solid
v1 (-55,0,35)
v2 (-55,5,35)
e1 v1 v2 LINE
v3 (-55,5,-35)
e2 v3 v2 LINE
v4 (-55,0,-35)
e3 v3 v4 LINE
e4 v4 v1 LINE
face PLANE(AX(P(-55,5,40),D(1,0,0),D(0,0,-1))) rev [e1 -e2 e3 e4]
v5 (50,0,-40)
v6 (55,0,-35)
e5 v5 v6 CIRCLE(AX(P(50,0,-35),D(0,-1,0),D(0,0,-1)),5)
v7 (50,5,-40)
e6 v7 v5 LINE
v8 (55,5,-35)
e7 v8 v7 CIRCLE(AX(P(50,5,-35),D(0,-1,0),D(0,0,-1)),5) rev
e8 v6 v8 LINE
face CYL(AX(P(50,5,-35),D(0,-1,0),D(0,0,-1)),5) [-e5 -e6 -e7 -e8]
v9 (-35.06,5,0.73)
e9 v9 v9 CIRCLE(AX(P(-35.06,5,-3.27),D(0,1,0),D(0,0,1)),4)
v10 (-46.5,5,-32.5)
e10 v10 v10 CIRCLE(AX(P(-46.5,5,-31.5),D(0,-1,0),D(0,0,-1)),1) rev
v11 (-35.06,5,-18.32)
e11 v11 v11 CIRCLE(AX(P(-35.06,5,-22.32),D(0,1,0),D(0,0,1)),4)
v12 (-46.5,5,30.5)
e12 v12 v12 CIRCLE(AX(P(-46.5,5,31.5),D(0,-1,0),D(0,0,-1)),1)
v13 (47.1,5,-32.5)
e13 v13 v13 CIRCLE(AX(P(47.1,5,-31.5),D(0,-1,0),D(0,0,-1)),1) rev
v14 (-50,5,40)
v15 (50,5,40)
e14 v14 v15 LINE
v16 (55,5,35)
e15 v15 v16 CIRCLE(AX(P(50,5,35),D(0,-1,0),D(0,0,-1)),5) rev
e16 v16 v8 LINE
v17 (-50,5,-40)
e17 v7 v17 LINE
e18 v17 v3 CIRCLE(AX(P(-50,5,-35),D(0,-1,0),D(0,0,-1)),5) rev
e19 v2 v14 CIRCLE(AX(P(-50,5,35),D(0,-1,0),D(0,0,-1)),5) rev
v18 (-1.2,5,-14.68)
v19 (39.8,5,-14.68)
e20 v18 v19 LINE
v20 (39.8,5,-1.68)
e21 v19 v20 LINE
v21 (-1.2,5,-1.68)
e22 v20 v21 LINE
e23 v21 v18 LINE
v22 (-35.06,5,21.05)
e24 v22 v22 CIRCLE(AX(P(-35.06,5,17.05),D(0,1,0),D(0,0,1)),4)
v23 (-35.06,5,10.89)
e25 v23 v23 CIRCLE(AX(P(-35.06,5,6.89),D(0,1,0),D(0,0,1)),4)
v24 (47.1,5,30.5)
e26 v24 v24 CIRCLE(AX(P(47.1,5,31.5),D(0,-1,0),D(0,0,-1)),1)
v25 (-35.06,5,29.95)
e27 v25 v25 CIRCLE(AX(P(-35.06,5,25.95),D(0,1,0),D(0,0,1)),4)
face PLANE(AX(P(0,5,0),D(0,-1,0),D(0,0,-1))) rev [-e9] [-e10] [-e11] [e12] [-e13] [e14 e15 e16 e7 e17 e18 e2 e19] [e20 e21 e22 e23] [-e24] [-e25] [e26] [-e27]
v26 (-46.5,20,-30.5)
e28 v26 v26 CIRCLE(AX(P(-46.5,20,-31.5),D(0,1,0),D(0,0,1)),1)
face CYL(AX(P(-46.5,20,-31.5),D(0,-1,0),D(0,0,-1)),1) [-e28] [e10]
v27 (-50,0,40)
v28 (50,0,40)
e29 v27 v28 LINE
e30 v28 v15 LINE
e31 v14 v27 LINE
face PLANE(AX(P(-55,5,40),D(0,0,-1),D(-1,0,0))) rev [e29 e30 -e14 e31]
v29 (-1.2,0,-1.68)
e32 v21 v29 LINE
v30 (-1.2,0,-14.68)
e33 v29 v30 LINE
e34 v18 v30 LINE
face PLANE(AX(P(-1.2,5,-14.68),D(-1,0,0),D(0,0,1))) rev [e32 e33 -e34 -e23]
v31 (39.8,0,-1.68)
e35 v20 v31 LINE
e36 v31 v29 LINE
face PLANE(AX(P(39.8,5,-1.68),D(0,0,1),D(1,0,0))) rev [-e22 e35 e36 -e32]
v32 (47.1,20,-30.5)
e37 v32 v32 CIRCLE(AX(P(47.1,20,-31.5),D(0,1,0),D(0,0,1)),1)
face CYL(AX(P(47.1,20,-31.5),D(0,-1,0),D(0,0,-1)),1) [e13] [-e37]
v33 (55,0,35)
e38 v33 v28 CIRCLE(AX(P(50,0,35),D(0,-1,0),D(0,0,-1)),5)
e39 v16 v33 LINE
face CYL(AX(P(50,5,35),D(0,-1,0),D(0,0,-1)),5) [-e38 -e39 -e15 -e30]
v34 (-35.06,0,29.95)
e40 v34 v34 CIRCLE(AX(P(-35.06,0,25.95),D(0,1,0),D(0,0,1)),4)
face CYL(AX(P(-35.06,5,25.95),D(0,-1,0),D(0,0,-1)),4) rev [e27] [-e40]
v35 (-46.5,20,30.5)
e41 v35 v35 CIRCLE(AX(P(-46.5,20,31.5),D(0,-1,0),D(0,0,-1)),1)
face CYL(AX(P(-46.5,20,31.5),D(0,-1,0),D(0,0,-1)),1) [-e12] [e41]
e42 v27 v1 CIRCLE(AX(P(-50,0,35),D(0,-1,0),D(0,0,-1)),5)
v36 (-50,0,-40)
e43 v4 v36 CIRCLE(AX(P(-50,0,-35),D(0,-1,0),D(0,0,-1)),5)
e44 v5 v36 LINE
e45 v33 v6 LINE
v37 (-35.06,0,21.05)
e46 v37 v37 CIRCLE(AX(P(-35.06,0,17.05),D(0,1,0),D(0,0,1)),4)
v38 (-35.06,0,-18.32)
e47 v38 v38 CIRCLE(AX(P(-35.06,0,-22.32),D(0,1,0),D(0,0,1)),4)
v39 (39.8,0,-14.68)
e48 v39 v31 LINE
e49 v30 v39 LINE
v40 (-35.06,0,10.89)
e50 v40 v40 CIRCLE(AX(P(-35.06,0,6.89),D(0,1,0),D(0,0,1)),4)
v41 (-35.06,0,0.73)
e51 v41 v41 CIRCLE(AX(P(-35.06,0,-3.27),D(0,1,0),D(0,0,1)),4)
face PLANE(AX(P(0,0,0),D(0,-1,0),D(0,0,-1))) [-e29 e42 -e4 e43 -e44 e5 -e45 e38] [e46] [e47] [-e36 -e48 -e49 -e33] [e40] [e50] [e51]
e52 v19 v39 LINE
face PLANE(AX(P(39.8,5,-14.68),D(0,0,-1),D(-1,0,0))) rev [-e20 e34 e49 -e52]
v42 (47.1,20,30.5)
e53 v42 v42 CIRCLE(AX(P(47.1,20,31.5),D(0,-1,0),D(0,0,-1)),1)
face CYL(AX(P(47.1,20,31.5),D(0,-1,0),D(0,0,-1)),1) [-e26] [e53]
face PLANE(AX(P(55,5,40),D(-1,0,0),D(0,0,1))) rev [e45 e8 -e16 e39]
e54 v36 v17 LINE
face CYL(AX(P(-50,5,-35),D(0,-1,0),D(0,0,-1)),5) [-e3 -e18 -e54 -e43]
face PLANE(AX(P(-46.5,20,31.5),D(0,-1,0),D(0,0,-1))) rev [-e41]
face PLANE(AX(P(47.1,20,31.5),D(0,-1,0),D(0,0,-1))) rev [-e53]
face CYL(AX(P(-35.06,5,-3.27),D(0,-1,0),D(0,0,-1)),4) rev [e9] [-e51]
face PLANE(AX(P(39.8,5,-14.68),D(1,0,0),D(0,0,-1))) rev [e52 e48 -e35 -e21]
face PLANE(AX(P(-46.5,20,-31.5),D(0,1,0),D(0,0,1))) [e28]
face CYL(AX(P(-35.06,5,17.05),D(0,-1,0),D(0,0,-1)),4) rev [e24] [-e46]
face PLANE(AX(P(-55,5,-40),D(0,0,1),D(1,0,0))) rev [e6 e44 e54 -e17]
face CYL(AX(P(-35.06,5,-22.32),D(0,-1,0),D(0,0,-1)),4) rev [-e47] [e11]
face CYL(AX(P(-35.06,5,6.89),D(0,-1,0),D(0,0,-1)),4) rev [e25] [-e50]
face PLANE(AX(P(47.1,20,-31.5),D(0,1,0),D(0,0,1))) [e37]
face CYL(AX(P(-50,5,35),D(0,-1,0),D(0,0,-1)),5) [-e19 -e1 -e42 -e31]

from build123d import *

# Parameters (mm, degrees)
SKETCH1_W           = 110
SKETCH1_H           = 80
SKETCH1_R           = 4
BOSS_EXTRUDE1_DEPTH = 5
SKETCH2_R           = 1
BOSS_EXTRUDE2_DEPTH = 15
FILLET1_R           = 5
SKETCH3_W           = 41
SKETCH3_H           = 13
CUT_EXTRUDE2_DEPTH  = 5


with BuildPart() as part:
    # Sketch1 → Boss-Extrude1 (new body)
    with BuildSketch(Plane(origin=(0, 0, 0), x_dir=(1, 0, 0), z_dir=(0, 1, 0))):
        Rectangle(SKETCH1_W, SKETCH1_H)
        with Locations(Location((-35.06, 22.32, 0), (0, 0, 270))):
            Circle(SKETCH1_R, mode=Mode.SUBTRACT)
        with Locations(Location((-35.06, 3.27, 0), (0, 0, 270))):
            Circle(SKETCH1_R, mode=Mode.SUBTRACT)
        with Locations(Location((-35.06, -6.89, 0), (0, 0, 270))):
            Circle(SKETCH1_R, mode=Mode.SUBTRACT)
        with Locations(Location((-35.06, -17.05, 0), (0, 0, 270))):
            Circle(SKETCH1_R, mode=Mode.SUBTRACT)
        with Locations(Location((-35.06, -25.95, 0), (0, 0, 270))):
            Circle(SKETCH1_R, mode=Mode.SUBTRACT)
    extrude(amount=BOSS_EXTRUDE1_DEPTH)

    # Sketch2 → Boss-Extrude2 (add)
    with BuildSketch(Plane(origin=(0, 5, 0), x_dir=(1, 0, 0), z_dir=(0, 1, 0))):
        with Locations(Location((47.1, 31.5, 0), (0, 0, 90))):
            Circle(SKETCH2_R)
        with Locations(Location((47.1, -31.5, 0), (0, 0, 90))):
            Circle(SKETCH2_R)
        with Locations(Location((-46.5, 31.5, 0), (0, 0, 90))):
            Circle(SKETCH2_R)
        with Locations(Location((-46.5, -31.5, 0), (0, 0, 90))):
            Circle(SKETCH2_R)
    extrude(amount=BOSS_EXTRUDE2_DEPTH)

    # Fillet1
    fillet1_edges = [part.edges().sort_by_distance(p)[0] for p in [
        (55, 2.5, 40),
        (-55, 2.5, 40),
        (-55, 2.5, -40),
        (55, 2.5, -40),
    ]]
    fillet(fillet1_edges, radius=FILLET1_R)

    # Sketch3 → Cut-Extrude2 (cut)
    with BuildSketch(Plane.XZ):
        with Locations((19.3, -8.18)):
            Rectangle(SKETCH3_W, SKETCH3_H)
    extrude(amount=-CUT_EXTRUDE2_DEPTH, mode=Mode.SUBTRACT)


solid = part.part
